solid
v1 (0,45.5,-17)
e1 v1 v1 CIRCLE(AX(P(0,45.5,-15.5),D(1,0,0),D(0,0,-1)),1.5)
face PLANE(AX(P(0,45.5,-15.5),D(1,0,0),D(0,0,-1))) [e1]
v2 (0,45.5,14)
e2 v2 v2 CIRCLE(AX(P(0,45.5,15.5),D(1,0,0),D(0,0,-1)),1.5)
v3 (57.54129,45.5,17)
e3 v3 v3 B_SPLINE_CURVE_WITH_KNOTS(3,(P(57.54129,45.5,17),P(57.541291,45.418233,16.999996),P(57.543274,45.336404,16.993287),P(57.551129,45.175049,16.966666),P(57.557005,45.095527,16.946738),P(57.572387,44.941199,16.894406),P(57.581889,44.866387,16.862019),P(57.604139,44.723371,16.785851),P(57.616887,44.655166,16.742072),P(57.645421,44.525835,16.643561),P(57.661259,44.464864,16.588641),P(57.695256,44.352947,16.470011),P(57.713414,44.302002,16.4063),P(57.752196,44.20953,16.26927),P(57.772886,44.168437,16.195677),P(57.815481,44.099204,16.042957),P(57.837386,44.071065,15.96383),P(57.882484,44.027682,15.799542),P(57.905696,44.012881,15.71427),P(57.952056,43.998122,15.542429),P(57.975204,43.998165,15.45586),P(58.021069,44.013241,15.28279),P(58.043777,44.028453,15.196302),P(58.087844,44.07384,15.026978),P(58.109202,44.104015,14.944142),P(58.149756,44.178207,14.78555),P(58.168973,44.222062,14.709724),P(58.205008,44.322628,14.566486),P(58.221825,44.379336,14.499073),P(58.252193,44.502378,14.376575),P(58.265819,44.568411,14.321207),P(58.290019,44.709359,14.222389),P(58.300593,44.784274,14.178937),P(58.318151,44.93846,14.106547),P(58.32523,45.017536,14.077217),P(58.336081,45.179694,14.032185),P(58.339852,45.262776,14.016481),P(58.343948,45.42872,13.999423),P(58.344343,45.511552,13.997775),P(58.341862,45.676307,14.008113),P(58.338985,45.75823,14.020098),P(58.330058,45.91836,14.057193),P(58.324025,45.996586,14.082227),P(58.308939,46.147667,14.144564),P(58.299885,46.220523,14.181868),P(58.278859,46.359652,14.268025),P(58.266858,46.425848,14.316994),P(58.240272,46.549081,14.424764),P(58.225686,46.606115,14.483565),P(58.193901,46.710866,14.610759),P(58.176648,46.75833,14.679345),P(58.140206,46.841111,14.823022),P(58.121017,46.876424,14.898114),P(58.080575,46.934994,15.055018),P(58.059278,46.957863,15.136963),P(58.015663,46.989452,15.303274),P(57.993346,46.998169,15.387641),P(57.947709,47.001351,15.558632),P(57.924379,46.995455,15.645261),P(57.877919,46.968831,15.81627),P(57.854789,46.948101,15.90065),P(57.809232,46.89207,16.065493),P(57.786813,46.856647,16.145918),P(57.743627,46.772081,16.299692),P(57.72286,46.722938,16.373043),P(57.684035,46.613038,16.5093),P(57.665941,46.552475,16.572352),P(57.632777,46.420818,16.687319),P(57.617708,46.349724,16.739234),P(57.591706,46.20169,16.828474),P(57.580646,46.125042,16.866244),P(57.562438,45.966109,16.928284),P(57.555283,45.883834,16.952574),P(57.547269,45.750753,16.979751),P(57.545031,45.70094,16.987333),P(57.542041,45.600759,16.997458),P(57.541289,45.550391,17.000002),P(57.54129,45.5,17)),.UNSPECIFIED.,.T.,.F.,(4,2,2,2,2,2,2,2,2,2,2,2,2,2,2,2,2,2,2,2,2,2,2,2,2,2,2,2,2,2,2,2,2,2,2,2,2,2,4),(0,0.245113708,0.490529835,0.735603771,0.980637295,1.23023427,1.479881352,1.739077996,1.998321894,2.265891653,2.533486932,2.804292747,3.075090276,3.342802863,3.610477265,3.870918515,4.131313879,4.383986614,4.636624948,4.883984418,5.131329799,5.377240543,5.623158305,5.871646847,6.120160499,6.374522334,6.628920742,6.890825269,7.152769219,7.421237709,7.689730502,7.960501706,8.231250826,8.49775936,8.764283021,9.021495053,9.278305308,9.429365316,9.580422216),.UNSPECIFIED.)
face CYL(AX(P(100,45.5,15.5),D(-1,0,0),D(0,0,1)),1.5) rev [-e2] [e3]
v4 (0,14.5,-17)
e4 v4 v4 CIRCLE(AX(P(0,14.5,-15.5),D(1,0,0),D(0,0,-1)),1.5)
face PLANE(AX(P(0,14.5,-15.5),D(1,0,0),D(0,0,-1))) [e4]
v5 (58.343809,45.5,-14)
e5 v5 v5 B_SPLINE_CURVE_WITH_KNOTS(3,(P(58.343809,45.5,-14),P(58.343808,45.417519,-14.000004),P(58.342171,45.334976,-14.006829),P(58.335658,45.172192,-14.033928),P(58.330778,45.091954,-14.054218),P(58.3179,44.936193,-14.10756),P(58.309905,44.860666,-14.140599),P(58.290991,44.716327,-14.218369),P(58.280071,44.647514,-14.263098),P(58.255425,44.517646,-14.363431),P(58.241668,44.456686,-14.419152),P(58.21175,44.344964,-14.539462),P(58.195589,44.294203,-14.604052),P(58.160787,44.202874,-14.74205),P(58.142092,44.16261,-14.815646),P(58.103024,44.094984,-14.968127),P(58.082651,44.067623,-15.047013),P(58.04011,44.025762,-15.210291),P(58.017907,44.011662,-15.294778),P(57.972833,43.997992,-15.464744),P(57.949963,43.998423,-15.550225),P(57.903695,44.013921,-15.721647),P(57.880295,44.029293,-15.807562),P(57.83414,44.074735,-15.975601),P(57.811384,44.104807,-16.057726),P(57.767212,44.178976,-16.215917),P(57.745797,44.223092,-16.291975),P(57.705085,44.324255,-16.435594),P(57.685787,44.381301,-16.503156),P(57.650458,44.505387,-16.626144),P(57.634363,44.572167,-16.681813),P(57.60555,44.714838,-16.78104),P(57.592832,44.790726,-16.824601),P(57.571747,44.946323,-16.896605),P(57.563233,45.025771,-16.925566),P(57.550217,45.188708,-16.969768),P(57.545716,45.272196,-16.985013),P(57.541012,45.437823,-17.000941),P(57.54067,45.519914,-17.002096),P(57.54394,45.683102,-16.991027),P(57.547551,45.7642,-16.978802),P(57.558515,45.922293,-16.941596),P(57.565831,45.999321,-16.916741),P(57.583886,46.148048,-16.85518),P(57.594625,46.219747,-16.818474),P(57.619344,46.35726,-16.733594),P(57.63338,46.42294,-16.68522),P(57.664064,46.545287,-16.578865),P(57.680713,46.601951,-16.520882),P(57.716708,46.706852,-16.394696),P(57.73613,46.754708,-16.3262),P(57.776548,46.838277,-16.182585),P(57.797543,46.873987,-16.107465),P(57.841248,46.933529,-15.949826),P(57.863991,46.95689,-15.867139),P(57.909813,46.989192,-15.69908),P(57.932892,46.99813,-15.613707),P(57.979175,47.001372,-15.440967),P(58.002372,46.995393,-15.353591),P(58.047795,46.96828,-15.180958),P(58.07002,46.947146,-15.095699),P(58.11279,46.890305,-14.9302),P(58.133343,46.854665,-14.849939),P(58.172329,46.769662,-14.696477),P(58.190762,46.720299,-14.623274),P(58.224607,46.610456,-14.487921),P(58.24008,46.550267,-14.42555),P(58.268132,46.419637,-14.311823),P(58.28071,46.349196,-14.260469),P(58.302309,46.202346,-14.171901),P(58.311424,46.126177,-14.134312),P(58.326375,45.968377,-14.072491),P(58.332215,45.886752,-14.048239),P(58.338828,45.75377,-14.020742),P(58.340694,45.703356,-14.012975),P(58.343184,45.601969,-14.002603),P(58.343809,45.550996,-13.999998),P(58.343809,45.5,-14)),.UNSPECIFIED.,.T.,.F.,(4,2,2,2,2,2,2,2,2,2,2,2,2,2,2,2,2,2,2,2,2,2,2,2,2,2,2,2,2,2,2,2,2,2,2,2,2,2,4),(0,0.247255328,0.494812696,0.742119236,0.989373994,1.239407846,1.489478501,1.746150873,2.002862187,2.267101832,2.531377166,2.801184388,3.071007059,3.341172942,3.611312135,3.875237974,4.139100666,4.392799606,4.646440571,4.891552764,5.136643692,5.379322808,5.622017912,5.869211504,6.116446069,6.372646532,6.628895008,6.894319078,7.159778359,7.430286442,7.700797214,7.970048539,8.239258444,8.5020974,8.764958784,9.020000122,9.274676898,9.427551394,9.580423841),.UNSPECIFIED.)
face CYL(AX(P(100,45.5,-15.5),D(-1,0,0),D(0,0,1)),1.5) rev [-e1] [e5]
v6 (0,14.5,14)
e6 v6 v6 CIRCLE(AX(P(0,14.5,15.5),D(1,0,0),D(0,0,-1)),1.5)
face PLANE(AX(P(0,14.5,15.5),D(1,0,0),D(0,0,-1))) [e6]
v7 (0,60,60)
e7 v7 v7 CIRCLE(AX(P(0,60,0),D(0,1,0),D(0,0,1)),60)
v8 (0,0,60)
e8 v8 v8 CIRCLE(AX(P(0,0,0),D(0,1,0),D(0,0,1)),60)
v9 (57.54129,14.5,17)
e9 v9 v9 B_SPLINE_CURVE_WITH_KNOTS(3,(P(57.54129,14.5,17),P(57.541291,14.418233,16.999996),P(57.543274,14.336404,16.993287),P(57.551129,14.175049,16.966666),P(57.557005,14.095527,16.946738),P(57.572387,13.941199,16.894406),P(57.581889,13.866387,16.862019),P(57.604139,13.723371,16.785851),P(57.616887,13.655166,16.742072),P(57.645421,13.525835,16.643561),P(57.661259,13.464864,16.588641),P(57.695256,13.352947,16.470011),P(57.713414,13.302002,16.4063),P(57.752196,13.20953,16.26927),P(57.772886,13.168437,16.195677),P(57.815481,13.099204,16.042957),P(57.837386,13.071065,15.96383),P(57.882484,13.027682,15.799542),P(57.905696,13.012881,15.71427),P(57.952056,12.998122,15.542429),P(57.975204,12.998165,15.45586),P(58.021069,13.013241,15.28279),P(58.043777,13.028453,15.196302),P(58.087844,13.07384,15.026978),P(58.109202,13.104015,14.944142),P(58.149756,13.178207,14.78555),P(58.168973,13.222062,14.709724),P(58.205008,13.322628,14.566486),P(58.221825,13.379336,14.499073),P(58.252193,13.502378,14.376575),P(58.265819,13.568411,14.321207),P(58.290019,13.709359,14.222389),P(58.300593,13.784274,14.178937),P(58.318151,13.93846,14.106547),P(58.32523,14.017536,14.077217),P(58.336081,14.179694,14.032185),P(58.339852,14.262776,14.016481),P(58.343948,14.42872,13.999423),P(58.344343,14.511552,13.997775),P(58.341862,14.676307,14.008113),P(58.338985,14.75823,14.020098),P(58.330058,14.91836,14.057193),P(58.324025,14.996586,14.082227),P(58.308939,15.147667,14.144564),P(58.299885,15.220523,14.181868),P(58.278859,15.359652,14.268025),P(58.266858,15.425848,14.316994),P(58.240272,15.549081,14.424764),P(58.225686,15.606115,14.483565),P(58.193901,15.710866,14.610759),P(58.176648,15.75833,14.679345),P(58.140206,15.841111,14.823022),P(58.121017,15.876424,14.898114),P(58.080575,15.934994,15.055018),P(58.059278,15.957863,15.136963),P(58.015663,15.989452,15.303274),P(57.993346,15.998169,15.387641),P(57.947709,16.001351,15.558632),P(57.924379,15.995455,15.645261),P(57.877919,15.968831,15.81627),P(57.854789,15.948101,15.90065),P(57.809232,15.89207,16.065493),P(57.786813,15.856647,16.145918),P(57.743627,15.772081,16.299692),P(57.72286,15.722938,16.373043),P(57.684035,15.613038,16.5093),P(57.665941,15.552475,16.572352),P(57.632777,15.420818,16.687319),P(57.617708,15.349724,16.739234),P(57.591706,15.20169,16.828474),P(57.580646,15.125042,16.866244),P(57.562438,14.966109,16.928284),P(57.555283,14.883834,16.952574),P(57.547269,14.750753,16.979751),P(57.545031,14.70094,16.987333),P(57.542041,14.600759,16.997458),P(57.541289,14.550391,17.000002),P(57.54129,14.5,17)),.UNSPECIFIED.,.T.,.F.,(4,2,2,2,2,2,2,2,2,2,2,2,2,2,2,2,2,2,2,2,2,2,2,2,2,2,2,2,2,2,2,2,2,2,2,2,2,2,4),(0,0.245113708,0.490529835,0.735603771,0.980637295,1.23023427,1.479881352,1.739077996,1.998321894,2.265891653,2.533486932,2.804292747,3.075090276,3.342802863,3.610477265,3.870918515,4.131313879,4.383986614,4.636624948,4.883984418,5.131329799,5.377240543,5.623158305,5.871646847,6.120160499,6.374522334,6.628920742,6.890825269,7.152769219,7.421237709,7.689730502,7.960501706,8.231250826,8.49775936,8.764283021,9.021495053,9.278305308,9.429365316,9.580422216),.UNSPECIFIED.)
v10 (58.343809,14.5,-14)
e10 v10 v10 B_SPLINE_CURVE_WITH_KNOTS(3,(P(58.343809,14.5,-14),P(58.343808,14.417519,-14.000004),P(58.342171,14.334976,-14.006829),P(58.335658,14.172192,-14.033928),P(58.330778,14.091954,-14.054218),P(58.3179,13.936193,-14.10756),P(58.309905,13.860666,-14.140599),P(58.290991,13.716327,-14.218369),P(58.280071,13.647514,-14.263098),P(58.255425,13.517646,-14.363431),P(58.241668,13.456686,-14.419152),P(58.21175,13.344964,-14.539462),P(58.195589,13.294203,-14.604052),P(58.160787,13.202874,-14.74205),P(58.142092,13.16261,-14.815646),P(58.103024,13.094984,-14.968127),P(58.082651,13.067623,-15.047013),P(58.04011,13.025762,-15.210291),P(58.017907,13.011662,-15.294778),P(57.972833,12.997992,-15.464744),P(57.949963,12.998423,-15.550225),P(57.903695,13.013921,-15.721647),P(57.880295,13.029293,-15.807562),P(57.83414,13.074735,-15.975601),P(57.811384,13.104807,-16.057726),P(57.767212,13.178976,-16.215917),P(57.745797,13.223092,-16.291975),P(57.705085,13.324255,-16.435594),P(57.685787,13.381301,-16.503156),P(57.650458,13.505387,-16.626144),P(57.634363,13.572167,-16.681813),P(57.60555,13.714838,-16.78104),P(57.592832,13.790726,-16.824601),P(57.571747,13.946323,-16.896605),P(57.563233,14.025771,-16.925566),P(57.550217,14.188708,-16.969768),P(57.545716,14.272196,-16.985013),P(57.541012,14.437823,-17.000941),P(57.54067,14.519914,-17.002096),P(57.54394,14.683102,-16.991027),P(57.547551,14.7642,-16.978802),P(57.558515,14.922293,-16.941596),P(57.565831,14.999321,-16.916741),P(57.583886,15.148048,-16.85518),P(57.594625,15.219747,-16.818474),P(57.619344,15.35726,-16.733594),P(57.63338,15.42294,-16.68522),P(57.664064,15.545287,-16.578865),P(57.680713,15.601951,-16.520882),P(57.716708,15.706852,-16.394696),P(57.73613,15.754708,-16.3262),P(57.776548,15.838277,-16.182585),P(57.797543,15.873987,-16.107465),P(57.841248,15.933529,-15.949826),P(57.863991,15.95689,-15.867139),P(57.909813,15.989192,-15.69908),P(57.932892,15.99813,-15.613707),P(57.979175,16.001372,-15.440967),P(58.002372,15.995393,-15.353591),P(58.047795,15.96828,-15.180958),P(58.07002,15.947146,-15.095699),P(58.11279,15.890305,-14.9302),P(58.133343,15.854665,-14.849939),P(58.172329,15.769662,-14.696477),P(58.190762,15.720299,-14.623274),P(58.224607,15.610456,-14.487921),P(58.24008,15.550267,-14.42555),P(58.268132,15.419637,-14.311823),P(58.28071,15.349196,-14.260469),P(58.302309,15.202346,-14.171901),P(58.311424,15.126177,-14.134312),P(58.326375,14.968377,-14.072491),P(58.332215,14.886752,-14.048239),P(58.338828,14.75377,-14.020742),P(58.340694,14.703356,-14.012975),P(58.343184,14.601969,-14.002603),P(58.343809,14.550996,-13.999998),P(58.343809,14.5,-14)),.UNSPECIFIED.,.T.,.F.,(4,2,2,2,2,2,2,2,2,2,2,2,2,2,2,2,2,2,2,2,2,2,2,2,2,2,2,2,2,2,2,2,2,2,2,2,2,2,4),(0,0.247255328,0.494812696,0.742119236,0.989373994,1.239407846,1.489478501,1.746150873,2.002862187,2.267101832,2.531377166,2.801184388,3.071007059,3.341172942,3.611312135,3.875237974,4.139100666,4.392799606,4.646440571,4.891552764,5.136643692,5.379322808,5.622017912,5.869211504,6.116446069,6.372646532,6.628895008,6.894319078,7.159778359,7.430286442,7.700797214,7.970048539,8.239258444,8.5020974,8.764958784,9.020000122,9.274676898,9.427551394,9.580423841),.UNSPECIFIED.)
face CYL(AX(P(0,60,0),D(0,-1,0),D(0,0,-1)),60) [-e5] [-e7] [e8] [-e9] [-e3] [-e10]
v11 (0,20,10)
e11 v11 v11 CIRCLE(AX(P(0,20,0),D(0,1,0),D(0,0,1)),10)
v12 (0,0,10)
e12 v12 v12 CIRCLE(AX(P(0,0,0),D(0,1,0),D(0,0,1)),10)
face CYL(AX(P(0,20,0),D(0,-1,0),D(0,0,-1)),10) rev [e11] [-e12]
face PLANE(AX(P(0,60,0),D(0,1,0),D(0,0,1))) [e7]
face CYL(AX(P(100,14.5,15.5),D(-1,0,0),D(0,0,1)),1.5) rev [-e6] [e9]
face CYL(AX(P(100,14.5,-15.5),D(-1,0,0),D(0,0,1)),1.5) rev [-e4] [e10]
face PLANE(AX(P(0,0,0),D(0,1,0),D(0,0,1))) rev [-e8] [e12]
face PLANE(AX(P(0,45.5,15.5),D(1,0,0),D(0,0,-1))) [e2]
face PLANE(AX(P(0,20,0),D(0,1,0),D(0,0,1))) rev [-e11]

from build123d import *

# Parameters (mm, degrees)
SKETCH1_R           = 60
BOSS_EXTRUDE1_DEPTH = 60
SKETCH2_R           = 10
CUT_EXTRUDE1_DEPTH  = 20
SKETCH3_R           = 1.5
CUT_EXTRUDE2_DEPTH  = 100


with BuildPart() as part:
    # Sketch1 → Boss-Extrude1 (new body)
    with BuildSketch(Plane(origin=(0, 0, 0), x_dir=(1, 0, 0), z_dir=(0, 1, 0))):
        Circle(SKETCH1_R)
    extrude(amount=BOSS_EXTRUDE1_DEPTH)

    # Sketch2 → Cut-Extrude1 (cut)
    with BuildSketch(Plane(origin=(0, 0, 0), x_dir=(1, 0, 0), z_dir=(0, 1, 0))):
        Circle(SKETCH2_R)
    extrude(amount=CUT_EXTRUDE1_DEPTH, mode=Mode.SUBTRACT)

    # Sketch3 → Cut-Extrude2 (cut)
    with BuildSketch(Plane(origin=(0, 0, 0), x_dir=(0, 0, -1), z_dir=(1, 0, 0))):
        with Locations((-15.5, 45.5)):
            Circle(SKETCH3_R)
        with Locations((-15.5, 14.5)):
            Circle(SKETCH3_R)
        with Locations((15.5, 14.5)):
            Circle(SKETCH3_R)
        with Locations((15.5, 45.5)):
            Circle(SKETCH3_R)
    extrude(amount=CUT_EXTRUDE2_DEPTH, mode=Mode.SUBTRACT)


solid = part.part
